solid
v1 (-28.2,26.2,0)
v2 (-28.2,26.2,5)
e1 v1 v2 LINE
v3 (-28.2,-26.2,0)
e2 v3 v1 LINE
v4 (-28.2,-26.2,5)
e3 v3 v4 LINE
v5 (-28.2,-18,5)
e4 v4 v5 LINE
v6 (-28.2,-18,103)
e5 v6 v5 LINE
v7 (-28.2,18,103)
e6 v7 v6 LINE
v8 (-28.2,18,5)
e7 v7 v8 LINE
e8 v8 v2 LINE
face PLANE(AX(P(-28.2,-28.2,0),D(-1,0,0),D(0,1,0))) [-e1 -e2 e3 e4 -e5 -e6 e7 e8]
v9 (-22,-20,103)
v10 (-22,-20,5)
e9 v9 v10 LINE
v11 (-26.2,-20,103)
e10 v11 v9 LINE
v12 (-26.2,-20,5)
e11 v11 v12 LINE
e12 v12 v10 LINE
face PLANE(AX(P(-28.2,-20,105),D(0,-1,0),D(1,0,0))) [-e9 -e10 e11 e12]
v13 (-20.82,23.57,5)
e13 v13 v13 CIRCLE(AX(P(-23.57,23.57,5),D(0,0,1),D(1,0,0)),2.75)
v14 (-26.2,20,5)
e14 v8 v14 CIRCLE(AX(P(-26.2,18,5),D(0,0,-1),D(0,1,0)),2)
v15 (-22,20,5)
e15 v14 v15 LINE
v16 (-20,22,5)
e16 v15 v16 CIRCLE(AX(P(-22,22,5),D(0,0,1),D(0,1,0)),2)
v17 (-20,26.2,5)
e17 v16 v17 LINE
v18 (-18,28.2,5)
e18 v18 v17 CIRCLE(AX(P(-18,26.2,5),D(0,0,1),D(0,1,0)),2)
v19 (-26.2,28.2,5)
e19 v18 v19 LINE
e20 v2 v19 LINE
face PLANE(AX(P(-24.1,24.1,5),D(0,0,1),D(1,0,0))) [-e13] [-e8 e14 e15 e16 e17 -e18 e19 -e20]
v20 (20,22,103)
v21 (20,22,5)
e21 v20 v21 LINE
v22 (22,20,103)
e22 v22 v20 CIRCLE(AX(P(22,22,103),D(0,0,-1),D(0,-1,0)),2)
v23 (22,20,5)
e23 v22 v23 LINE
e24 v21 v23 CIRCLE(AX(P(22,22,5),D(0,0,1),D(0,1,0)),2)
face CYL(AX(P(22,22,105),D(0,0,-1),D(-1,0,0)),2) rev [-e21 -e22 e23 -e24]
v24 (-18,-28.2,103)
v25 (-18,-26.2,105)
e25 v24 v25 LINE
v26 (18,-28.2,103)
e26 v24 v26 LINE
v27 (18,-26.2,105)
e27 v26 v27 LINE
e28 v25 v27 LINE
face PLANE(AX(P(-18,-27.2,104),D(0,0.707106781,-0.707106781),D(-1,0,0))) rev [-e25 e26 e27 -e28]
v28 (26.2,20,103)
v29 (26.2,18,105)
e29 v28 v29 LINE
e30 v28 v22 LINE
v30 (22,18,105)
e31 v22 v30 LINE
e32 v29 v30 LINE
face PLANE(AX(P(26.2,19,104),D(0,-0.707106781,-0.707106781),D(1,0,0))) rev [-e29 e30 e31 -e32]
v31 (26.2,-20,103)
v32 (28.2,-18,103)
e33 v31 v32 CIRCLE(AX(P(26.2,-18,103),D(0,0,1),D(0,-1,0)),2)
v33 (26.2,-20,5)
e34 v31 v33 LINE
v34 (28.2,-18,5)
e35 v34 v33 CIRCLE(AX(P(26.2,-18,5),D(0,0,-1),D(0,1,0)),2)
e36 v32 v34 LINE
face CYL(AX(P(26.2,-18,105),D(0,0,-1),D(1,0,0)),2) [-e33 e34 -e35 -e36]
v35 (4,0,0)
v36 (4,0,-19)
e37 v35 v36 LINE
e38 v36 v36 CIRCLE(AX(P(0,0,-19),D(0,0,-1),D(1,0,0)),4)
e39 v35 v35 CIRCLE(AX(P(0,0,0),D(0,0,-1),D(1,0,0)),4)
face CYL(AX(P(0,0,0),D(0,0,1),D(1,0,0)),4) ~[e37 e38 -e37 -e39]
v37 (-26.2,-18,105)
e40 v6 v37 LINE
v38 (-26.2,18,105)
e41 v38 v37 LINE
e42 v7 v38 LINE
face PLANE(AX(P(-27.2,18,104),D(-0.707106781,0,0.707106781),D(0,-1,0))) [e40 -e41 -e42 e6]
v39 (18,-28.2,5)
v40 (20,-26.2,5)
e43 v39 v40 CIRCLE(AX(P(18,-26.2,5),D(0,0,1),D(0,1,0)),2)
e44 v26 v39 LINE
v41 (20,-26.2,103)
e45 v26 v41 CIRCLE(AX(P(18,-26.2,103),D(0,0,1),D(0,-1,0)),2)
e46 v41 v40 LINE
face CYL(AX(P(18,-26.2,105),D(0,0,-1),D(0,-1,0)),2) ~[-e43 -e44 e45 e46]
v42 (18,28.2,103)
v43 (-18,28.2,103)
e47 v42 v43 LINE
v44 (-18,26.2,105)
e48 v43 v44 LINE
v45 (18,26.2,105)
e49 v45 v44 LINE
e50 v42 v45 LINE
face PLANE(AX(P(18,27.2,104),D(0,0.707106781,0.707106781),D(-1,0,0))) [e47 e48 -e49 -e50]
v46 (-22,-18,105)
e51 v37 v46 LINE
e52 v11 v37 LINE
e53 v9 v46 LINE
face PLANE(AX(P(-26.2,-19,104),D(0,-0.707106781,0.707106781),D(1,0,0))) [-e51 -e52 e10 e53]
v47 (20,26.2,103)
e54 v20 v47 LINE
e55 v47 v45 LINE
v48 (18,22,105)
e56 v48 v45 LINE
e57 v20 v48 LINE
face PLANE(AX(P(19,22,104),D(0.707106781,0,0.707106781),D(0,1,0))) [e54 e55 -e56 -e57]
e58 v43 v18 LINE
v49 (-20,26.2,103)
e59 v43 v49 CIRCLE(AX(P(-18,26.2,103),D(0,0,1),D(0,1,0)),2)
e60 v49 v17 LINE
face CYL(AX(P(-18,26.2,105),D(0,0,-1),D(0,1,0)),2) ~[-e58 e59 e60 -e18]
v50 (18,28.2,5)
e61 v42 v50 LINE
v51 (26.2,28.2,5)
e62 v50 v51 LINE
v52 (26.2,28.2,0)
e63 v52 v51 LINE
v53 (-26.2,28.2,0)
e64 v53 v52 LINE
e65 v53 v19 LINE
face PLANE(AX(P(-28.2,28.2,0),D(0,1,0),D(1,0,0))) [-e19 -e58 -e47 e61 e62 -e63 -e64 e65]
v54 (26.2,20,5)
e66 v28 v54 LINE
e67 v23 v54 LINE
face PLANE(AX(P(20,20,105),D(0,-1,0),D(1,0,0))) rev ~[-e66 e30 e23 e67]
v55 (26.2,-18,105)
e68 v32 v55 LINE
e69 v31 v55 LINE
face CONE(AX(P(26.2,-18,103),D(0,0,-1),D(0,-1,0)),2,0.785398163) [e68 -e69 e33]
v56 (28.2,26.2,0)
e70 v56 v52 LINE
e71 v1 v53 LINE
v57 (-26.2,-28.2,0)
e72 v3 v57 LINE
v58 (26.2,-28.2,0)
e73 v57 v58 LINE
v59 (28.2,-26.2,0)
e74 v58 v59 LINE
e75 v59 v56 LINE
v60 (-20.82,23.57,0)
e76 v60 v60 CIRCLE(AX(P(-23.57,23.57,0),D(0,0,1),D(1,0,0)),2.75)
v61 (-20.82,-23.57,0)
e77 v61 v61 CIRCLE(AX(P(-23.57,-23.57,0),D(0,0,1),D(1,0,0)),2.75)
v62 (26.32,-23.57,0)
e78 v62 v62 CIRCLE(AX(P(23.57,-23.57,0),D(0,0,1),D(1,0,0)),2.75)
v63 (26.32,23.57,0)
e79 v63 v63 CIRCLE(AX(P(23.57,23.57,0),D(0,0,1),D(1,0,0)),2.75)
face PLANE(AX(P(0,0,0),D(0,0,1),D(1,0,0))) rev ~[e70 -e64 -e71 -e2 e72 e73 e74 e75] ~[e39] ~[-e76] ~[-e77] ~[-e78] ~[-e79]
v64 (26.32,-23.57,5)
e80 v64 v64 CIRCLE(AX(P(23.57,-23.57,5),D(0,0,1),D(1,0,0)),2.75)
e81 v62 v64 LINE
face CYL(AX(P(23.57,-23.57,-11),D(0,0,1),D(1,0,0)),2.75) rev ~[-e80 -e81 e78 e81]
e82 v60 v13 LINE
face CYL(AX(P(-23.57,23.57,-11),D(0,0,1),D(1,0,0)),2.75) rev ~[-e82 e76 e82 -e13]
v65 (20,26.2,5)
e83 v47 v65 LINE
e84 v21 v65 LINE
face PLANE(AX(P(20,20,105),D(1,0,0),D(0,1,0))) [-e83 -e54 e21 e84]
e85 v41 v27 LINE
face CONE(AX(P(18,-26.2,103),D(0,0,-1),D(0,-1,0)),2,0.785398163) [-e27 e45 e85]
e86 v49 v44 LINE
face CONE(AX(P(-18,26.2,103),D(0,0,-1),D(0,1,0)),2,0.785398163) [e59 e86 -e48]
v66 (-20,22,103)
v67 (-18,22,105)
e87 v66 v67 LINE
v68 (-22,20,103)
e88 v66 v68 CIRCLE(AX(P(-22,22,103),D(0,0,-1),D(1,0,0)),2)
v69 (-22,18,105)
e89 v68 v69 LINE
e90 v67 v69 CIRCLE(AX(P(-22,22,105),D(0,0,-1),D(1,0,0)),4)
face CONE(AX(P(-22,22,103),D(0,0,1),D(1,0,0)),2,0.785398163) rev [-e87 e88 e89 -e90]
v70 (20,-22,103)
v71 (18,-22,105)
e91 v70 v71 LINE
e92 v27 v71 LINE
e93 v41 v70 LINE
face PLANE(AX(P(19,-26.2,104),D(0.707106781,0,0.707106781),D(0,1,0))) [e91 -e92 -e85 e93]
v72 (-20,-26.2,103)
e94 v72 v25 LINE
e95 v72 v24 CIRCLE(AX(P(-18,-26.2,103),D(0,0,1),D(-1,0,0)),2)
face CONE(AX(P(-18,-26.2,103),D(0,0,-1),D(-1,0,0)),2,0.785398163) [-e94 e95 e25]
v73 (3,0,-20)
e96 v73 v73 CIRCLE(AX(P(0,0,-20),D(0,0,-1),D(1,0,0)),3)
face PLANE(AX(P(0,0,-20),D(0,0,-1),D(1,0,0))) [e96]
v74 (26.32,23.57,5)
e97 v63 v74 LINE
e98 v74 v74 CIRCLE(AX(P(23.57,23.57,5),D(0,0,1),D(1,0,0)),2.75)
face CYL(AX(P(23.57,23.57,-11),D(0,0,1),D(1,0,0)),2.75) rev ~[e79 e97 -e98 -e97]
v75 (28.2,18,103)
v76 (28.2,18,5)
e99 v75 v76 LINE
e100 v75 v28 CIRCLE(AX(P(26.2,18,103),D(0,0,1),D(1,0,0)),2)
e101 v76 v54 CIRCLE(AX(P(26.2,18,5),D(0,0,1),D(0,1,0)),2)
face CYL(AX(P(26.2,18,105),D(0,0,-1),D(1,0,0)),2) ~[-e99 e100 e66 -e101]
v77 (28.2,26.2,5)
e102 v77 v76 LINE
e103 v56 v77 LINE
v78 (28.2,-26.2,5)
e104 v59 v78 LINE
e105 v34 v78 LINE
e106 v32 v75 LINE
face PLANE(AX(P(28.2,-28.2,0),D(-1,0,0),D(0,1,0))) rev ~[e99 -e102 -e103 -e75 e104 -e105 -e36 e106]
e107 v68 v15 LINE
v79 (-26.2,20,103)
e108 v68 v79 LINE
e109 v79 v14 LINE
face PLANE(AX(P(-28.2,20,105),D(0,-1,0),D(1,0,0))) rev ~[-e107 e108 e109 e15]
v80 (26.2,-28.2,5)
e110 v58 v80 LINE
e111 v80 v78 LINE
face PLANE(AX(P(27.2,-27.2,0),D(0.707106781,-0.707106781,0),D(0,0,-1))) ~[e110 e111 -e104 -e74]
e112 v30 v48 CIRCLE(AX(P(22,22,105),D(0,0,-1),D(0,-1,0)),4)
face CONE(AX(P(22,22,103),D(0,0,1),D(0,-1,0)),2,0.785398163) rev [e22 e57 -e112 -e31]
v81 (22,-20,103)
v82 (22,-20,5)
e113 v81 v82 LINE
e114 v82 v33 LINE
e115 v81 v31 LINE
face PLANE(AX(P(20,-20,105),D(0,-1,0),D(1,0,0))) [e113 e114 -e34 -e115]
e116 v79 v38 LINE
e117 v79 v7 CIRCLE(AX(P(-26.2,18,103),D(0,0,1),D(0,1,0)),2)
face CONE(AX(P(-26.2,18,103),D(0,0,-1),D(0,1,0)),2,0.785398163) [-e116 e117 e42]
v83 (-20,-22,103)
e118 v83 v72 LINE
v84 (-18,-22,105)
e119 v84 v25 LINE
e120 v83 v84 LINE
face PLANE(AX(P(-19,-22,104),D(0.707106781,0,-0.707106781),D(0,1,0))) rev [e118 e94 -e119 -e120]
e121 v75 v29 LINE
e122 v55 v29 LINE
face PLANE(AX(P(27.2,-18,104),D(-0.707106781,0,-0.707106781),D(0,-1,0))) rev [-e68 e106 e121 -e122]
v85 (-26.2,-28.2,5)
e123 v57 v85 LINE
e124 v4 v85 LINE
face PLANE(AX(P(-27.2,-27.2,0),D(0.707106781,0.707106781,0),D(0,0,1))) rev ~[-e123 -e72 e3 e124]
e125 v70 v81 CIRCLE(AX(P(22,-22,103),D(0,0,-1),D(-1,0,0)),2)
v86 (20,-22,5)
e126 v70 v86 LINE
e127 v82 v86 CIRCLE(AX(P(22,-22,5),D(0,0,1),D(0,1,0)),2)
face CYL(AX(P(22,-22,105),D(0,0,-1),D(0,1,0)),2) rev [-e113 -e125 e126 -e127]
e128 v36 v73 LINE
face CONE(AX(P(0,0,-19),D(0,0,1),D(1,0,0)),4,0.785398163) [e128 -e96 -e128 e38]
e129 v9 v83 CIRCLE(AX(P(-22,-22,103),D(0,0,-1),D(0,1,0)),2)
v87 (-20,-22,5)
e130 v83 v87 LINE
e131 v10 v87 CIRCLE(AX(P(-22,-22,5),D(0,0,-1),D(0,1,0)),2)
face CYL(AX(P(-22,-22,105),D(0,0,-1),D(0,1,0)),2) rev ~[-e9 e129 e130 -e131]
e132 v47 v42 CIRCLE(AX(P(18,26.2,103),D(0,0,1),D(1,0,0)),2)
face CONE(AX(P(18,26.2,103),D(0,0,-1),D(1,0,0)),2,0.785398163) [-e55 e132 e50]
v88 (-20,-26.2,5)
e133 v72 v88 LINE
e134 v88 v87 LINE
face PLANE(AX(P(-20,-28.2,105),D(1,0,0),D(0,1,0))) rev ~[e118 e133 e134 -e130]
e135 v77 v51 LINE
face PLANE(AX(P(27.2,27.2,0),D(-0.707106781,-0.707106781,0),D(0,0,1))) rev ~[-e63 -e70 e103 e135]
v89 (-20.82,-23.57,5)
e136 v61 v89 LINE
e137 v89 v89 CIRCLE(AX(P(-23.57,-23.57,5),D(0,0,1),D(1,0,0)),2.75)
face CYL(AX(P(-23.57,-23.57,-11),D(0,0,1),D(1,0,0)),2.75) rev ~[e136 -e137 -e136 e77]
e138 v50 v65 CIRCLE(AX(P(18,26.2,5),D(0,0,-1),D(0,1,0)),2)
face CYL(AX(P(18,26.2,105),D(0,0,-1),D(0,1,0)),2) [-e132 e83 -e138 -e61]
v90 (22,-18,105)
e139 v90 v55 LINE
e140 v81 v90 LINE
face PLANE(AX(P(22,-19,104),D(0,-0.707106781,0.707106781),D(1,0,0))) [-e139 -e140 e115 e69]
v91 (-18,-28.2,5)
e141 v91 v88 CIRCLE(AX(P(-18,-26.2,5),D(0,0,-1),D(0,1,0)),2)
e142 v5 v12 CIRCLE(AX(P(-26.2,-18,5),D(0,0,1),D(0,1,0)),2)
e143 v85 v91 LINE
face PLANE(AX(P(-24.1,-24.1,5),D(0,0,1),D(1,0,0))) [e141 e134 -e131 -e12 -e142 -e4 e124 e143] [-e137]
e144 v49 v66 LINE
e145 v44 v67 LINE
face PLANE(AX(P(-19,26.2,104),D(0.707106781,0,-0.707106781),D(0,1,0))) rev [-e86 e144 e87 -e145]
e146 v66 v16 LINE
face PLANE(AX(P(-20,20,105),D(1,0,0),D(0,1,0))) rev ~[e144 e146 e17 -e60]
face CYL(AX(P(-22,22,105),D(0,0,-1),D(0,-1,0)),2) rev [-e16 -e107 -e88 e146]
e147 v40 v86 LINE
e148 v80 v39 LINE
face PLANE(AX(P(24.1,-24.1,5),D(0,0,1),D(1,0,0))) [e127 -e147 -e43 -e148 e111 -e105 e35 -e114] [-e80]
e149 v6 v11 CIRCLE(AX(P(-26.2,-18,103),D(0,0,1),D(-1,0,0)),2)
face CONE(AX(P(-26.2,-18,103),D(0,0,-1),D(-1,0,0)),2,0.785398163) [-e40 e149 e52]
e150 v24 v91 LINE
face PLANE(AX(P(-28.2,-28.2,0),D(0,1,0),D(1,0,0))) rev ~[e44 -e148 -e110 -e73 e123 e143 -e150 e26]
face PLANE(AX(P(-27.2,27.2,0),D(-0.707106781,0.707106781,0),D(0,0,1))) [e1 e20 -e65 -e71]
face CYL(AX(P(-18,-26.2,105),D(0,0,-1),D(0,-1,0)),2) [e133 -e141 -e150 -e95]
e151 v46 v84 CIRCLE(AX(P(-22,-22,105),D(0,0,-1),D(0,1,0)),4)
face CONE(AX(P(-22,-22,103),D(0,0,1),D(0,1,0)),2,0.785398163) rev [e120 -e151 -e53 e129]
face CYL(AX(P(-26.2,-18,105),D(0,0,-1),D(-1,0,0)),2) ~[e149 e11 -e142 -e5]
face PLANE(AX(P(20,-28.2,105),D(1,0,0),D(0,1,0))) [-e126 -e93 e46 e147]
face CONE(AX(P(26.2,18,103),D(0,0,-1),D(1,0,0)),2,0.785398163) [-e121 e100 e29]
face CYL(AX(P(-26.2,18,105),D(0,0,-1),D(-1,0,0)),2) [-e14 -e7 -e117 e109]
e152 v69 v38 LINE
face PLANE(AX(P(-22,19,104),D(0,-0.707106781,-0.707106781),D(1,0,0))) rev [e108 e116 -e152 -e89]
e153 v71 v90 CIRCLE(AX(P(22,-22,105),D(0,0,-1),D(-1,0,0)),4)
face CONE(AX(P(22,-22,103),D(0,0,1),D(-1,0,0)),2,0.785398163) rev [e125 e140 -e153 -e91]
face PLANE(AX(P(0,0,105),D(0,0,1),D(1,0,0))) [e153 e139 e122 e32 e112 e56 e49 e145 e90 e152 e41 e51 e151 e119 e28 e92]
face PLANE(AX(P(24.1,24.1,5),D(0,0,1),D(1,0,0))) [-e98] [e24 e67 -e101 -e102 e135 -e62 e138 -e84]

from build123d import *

# Parameters (mm, degrees)
SZKIC1_W                    = 56.4
SZKIC1_H                    = 56.4
DODANIE_WYCI_GNI_CIE1_DEPTH = 105
SZKIC2_R                    = 4
DODANIE_WYCI_GNI_CIE2_DEPTH = 20
SZKIC3_W                    = 8.2
SZKIC3_H                    = 8.2
WYTNIJ_WYCI_GNI_CIE1_DEPTH  = 100
ZAOKR_GLENIE1_R             = 2
SFAZOWANIE1_SIZE            = 2
OTW_R_POD_RUB_M51_D         = 5.5
OTW_R_POD_RUB_M51_DEPTH     = 11
OTW_R_POD_RUB_M51_TIP       = 1.652366702
SFAZOWANIE2_SIZE            = 1


with BuildPart() as part:
    # Szkic1 → Dodanie-wyciągnięcie1 (new body)
    with BuildSketch(Plane.XY):
        Rectangle(SZKIC1_W, SZKIC1_H)
    extrude(amount=DODANIE_WYCI_GNI_CIE1_DEPTH)

    # Szkic2 → Dodanie-wyciągnięcie2 (add)
    with BuildSketch(Plane(origin=(0, 0, 0), x_dir=(-1, 0, 0), z_dir=(0, 0, -1))):
        with Locations(Location((0, 0, 0), (0, 0, 180))):
            Circle(SZKIC2_R)
    extrude(amount=DODANIE_WYCI_GNI_CIE2_DEPTH)

    # Szkic3 → Wytnij-wyciągnięcie1 (cut)
    with BuildSketch(Plane.XY.offset(105)):
        with Locations((-24.1, 24.1)):
            Rectangle(SZKIC3_W, SZKIC3_H)
        with Locations((24.1, 24.1)):
            Rectangle(SZKIC3_W, SZKIC3_H)
        with Locations((24.1, -24.1)):
            Rectangle(SZKIC3_W, SZKIC3_H)
        with Locations((-24.1, -24.1)):
            Rectangle(SZKIC3_W, SZKIC3_H)
    extrude(amount=-WYTNIJ_WYCI_GNI_CIE1_DEPTH, mode=Mode.SUBTRACT)

    # Zaokrąglenie1
    zaokr_glenie1_edges = [part.edges().sort_by_distance(p)[0] for p in [
        (-20, -28.2, 55),
        (-28.2, -20, 55),
        (-20, -20, 55),
        (28.2, -20, 55),
        (20, -28.2, 55),
        (20, -20, 55),
        (20, 28.2, 55),
        (28.2, 20, 55),
        (20, 20, 55),
        (-28.2, 20, 55),
        (-20, 28.2, 55),
        (-20, 20, 55),
    ]]
    fillet(zaokr_glenie1_edges, radius=ZAOKR_GLENIE1_R)

    # Sfazowanie1
    sfazowanie1_edges = [part.edges().sort_by_distance(p)[0] for p in [
        (-20.585786438, -20.585786438, 105),
        (20.585786438, -20.585786438, 105),
        (20.585786438, 20.585786438, 105),
        (-20.585786438, 20.585786438, 105),
        (28.2, -28.2, 2.5),
        (-28.2, -28.2, 2.5),
        (-28.2, 28.2, 2.5),
        (28.2, 28.2, 2.5),
        (-20, -24.1, 105),
        (0, -28.2, 105),
        (20, -24.1, 105),
        (24.1, -20, 105),
        (28.2, 0, 105),
        (24.1, 20, 105),
        (20, 24.1, 105),
        (0, 28.2, 105),
        (-20, 24.1, 105),
        (-24.1, 20, 105),
        (-28.2, 0, 105),
        (-24.1, -20, 105),
        (-27.614213562, 19.414213562, 105),
        (-19.414213562, 27.614213562, 105),
        (19.414213562, 27.614213562, 105),
        (27.614213562, 19.414213562, 105),
        (27.614213562, -19.414213562, 105),
        (19.414213562, -27.614213562, 105),
        (-27.614213562, -19.414213562, 105),
        (-19.414213562, -27.614213562, 105),
    ]]
    chamfer(sfazowanie1_edges, length=SFAZOWANIE1_SIZE)

    # Otwór pod śrubę M51
    with Locations(Plane(origin=(0, 0, 0), x_dir=(-1, 0, 0), z_dir=(0, 0, -1))):
        with Locations((-23.57, 23.57), (23.57, 23.57), (23.57, -23.57), (-23.57, -23.57)):
            Hole(OTW_R_POD_RUB_M51_D / 2, depth=OTW_R_POD_RUB_M51_DEPTH)
            with Locations((0, 0, -(OTW_R_POD_RUB_M51_DEPTH + OTW_R_POD_RUB_M51_TIP / 2))):  # 118° drill point
                Cone(0, OTW_R_POD_RUB_M51_D / 2, OTW_R_POD_RUB_M51_TIP, mode=Mode.SUBTRACT)

    # Sfazowanie2
    sfazowanie2_edges = [part.edges().sort_by_distance(p)[0] for p in [
        (-4, 0, -20),
    ]]
    chamfer(sfazowanie2_edges, length=SFAZOWANIE2_SIZE)


solid = part.part
